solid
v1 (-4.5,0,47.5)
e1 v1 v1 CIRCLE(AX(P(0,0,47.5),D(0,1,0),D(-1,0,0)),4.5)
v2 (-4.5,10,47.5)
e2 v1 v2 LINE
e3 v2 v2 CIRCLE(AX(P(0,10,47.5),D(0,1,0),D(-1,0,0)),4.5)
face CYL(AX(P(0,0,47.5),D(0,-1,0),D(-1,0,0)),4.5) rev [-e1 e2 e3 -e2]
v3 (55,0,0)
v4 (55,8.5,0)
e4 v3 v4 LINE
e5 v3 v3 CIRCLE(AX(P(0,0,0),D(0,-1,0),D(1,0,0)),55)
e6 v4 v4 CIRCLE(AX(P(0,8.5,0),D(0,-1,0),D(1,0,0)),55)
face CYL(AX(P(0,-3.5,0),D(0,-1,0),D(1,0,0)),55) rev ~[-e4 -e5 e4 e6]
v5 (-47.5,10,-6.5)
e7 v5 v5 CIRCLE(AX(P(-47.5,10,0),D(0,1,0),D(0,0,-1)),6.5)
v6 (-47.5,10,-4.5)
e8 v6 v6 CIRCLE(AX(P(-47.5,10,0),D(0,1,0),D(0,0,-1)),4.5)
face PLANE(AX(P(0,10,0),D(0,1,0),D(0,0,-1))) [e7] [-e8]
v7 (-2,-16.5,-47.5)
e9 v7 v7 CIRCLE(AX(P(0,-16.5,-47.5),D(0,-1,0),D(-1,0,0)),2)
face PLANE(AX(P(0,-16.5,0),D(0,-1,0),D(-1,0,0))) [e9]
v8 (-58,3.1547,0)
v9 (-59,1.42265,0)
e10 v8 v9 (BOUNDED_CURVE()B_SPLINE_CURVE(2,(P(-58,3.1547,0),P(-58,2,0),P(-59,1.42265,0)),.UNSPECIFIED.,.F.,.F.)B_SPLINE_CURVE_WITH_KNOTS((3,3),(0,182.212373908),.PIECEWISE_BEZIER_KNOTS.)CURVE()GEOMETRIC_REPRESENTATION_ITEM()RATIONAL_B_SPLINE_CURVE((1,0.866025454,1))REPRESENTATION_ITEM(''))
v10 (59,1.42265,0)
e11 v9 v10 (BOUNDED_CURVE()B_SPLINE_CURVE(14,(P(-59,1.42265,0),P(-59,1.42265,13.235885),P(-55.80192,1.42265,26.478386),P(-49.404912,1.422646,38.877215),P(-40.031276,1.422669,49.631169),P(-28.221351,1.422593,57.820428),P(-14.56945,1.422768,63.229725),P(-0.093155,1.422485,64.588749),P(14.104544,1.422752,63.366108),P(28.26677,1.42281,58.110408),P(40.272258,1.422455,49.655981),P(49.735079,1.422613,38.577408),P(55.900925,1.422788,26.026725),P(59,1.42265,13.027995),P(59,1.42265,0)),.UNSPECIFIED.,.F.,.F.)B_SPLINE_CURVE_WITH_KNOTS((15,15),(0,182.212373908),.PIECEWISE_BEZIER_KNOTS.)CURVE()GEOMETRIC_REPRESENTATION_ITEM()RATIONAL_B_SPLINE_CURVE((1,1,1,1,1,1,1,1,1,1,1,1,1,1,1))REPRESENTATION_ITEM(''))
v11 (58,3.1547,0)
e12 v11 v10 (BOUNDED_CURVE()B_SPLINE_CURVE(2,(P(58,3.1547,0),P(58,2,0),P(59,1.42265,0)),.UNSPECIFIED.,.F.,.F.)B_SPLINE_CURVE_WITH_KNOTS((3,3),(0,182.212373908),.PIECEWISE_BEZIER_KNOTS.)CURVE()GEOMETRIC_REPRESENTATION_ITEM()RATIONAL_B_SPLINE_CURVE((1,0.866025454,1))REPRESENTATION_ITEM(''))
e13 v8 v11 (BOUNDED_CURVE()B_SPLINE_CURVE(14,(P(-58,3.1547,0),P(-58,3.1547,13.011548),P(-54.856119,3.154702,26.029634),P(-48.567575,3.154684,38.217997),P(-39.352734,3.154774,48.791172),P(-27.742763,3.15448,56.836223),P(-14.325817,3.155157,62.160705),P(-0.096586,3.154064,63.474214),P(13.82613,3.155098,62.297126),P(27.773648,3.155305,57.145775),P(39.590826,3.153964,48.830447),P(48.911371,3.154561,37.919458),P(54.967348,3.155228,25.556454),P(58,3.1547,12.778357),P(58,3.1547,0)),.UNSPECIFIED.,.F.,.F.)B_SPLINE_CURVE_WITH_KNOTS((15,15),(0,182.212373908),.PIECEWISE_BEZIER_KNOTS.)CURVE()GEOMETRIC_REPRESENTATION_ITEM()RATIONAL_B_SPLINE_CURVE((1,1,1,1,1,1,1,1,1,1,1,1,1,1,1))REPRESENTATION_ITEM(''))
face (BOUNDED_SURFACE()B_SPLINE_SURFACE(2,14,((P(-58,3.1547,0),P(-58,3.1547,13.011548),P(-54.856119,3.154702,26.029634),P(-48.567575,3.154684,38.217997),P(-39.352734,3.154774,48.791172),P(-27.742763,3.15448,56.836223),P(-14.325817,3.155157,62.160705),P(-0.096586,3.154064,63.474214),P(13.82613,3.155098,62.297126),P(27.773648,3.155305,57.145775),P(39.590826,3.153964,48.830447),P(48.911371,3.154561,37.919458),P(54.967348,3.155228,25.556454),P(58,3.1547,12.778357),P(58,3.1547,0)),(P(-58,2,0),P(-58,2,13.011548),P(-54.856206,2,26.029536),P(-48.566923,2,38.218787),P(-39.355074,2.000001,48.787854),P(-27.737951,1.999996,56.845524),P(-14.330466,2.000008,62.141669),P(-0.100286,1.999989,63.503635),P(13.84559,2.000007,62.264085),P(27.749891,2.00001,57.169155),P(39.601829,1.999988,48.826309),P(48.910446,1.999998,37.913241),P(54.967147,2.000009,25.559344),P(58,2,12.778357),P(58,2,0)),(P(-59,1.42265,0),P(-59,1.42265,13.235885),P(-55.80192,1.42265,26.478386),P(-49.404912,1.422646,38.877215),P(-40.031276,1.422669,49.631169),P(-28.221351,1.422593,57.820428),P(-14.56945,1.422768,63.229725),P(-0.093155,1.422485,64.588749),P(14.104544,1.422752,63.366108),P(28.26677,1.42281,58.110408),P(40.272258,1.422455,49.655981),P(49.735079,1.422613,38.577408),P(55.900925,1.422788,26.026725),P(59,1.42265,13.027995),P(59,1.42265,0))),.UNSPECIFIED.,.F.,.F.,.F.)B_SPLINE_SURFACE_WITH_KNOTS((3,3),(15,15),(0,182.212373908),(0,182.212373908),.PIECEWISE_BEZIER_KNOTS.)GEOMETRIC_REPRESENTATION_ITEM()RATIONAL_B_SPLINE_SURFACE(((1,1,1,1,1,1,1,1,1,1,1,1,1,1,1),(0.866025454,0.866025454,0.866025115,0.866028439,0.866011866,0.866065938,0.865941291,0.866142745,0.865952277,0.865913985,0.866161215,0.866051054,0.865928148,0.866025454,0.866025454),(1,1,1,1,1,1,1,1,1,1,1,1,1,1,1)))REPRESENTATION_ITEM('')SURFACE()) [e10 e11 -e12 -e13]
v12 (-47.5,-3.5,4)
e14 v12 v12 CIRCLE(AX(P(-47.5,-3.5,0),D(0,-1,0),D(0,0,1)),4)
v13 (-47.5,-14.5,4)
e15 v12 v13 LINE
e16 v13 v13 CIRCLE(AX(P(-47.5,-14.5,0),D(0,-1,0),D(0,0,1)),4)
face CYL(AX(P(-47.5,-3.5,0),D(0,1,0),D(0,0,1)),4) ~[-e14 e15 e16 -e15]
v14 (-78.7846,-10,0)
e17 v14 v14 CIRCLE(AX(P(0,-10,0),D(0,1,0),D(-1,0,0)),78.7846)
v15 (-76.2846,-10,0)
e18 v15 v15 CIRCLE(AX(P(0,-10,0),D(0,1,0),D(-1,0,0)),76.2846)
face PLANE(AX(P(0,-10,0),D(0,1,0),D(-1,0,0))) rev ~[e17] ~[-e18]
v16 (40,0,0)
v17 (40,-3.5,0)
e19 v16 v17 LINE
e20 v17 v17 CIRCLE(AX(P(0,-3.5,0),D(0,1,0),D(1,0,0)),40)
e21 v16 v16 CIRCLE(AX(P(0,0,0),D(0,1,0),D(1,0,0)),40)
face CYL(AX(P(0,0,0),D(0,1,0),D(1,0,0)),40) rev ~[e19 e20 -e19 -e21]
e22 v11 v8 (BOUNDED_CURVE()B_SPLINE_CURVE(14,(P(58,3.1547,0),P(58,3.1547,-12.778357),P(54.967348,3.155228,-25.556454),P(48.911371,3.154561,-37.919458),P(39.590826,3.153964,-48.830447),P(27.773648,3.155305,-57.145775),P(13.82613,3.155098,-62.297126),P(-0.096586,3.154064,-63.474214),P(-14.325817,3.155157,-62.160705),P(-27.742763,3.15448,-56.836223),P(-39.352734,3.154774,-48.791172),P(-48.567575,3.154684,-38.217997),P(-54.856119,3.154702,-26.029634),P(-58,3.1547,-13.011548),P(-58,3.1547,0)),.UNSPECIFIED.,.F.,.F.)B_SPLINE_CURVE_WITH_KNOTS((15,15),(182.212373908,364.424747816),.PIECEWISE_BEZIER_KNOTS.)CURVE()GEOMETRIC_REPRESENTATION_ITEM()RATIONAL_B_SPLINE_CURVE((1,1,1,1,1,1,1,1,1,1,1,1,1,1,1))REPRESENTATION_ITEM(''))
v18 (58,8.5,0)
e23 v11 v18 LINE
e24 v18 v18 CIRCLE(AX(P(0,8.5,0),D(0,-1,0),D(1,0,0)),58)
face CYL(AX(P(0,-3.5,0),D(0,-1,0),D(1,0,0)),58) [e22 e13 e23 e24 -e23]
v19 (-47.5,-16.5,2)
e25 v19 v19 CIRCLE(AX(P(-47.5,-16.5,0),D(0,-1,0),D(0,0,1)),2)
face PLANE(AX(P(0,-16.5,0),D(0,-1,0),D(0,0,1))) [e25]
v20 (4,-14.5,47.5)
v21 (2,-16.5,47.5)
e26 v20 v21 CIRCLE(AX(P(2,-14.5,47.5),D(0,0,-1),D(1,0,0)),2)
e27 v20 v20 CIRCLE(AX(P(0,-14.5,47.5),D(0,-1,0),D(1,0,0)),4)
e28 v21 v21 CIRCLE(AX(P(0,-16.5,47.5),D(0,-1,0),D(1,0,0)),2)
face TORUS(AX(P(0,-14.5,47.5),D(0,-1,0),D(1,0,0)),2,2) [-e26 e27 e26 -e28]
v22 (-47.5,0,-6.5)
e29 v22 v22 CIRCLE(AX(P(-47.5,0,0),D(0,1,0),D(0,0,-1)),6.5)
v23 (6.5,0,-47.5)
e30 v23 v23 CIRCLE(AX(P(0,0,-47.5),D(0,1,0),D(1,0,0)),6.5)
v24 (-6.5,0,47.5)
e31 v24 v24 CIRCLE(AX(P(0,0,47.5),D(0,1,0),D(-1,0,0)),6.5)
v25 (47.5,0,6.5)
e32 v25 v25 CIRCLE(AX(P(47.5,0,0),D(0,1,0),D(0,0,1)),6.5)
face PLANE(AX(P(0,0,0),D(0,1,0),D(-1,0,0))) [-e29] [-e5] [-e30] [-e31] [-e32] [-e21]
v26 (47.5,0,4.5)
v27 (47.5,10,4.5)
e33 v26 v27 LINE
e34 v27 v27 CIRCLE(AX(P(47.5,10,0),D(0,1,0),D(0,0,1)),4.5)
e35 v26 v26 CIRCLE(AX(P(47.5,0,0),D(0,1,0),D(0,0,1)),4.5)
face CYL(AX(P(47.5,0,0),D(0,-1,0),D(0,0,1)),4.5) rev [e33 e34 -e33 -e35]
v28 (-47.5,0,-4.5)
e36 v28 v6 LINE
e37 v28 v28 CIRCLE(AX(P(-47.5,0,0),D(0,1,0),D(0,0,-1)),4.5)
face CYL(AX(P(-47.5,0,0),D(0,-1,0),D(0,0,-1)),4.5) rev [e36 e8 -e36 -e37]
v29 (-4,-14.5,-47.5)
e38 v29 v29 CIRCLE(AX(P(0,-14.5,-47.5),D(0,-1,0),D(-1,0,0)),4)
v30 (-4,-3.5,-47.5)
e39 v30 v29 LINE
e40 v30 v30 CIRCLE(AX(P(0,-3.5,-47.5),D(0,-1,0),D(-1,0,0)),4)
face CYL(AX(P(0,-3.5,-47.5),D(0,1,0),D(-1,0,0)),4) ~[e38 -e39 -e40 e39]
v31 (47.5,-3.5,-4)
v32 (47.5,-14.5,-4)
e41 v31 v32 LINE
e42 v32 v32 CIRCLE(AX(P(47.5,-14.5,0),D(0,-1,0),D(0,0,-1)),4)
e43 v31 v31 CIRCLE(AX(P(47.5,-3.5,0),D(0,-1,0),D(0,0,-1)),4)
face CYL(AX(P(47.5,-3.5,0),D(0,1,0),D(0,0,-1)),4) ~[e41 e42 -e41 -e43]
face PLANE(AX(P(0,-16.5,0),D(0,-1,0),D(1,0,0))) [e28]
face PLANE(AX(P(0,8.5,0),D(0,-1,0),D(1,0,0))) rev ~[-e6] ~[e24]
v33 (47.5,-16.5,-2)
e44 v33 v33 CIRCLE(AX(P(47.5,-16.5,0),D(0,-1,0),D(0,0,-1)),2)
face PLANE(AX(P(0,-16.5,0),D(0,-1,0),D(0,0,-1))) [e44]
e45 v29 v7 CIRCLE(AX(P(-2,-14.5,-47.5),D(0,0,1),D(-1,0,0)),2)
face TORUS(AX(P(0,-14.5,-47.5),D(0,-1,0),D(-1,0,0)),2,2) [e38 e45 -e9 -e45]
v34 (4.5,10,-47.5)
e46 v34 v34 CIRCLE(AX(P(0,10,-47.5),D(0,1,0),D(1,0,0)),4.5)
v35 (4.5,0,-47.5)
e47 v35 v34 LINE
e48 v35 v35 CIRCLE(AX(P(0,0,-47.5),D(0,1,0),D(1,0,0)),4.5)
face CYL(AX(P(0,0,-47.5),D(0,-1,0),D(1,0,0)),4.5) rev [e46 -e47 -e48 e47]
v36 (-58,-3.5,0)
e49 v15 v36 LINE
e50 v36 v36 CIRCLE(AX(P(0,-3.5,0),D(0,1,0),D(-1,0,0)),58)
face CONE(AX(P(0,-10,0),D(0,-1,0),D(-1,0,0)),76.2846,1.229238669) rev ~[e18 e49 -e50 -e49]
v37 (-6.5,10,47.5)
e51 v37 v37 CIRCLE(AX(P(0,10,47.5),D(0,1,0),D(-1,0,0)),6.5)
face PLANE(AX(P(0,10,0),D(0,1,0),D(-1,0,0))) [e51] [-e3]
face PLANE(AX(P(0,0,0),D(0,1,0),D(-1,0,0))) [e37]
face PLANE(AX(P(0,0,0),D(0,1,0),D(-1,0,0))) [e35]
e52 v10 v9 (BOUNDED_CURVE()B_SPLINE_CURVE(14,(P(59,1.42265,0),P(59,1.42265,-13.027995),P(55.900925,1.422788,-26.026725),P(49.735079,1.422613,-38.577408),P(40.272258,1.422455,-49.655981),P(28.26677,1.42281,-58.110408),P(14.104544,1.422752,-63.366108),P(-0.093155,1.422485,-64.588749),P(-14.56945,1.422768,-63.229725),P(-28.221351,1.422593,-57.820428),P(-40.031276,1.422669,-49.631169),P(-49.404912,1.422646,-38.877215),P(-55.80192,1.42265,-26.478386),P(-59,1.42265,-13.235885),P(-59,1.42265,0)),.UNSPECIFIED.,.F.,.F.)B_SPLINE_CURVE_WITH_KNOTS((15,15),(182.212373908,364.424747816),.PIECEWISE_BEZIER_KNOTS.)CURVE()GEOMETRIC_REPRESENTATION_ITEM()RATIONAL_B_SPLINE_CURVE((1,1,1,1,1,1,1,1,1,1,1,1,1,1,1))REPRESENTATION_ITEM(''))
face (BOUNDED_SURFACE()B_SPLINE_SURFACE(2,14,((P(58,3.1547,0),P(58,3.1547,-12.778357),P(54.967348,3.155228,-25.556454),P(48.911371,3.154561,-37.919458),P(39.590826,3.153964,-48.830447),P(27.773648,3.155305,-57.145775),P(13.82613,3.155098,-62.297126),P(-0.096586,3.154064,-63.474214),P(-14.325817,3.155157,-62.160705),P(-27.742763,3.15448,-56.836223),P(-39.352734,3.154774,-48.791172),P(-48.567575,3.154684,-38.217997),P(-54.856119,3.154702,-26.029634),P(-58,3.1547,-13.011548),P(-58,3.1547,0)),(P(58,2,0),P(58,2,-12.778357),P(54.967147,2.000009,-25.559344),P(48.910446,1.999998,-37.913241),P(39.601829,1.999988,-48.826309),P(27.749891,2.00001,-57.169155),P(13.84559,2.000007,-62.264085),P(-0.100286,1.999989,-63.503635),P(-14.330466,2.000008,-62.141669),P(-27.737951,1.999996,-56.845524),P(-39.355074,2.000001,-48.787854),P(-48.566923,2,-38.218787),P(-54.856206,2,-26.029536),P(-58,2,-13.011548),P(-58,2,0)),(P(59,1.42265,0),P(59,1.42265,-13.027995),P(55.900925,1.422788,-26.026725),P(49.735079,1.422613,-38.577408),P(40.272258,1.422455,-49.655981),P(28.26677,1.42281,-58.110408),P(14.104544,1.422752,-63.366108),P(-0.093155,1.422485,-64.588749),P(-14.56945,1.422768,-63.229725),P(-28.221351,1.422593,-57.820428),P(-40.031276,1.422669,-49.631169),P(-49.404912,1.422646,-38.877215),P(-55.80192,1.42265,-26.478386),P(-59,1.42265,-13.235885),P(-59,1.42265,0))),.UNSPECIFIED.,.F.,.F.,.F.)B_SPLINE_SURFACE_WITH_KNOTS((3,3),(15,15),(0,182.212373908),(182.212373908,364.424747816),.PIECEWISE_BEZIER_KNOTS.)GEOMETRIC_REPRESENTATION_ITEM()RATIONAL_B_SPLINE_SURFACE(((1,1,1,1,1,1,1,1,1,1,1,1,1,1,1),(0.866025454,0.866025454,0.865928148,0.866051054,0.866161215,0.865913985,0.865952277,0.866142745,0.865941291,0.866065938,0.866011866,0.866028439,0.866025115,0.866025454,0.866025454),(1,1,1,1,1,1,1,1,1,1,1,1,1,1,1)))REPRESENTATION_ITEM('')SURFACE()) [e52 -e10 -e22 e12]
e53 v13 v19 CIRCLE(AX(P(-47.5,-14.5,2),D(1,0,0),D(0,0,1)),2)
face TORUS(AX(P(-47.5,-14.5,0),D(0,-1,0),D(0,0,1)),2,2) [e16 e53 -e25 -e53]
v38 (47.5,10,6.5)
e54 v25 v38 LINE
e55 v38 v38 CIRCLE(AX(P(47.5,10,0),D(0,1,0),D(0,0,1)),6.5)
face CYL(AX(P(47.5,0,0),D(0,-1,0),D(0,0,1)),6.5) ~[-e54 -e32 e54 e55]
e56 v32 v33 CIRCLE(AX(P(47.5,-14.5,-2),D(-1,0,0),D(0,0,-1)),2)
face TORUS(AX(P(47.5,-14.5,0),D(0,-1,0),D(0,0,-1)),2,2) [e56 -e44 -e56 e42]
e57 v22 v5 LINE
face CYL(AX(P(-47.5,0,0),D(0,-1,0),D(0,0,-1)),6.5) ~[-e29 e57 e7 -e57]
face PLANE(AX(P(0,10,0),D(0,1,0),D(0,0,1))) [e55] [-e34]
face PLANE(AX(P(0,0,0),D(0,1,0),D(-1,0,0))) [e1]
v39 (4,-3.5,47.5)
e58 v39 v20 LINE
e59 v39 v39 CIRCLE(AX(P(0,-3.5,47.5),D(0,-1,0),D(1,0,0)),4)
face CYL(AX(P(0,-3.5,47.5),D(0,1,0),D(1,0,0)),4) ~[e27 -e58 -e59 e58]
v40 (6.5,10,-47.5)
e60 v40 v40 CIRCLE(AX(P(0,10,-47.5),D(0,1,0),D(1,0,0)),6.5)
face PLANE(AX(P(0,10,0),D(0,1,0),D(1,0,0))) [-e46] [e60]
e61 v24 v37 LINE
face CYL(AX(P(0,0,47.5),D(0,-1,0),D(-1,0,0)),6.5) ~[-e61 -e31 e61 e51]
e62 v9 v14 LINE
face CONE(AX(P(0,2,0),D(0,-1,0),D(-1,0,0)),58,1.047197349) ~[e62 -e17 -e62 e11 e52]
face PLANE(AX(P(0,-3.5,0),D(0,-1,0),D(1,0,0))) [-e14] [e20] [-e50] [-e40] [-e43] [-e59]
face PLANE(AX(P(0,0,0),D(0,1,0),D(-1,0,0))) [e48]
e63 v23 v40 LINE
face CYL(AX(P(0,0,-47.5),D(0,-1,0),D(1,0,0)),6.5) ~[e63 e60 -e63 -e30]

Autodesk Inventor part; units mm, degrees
ref_plane "YZ Plane" through (0, 0, 0) normal (1, 0, 0) x (0, 1, 0)
ref_plane "XZ Plane" through (0, 0, 0) normal (0, 1, 0) x (-1, 0, 0)
ref_plane "XY Plane" through (0, 0, 0) normal (0, 0, 1) x (1, 0, 0)
sketch "Sketch1" plane through (0, 0, 0) normal (0, 1, 0) x (-1, 0, 0)
  circle A0 centre (0, 0) radius 55
  dimension "d4" = 110
sketch "Sketch2" plane through (0, 0, 0) normal (0, 1, 0) x (-1, 0, 0)
  circle A0 centre (0, 0) radius 40 construction
  circle A1 centre (0, 0) radius 47.5 construction
  circle A2 centre (0, 47.5) radius 4.5
  circle A3 centre (0, 47.5) radius 6.5
  dimension "d11" = 95
  dimension "d10" = 80
  dimension "d12" = 9
  dimension "d13" = 13
extrude "Extrusion1" add sketch "Sketch1" against normal blind 3.5
extrude "Extrusion2" add sketch "Sketch2" along normal blind 10
pattern_circular "Circular Pattern1" count 4 over 360 about axis through (0, -10, 0) along (0, 1, 0) of "Extrusion2"
sketch "Sketch3" plane through (0, -3.5, 0) normal (0, -1, 0) x (1, 0, 0)
  circle A0 centre (0, 0) radius 55
  circle A1 centre (0, 0) radius 55 projected
  circle A2 centre (0, 0) radius 58
  dimension "d21" = 116
extrude "Extrusion3" add sketch "Sketch3" against normal blind 12
sketch "Sketch4" plane through (0, 0, 0) normal (0, 1, 0) x (1, 0, 0)
  circle A0 centre (0, 0) radius 40
  dimension "d24" = 80
extrude "Extrusion4" cut sketch "Sketch4" against normal blind 30
sketch "Sketch5" plane through (0, 0, 0) normal (0, 0, 1) x (1, 0, 0)
  line L0 (58, -3.5) -> (-58, -3.5) projected
  line L1 (-58, 2) -> (-78.7846, -10)
  line L2 (-76.2846, -10) -> (-58, -3.5)
  line L3 (-58, -3.5) -> (-58, 2)
  line L4 (-105.5118, 0) -> (85.252, 0) projected
  line L5 (-78.7846, -10) -> (-76.2846, -10)
  line L6 (0, -22.2) -> (0, 3.7) projected
  point P0 (0, 0)
  dimension "d29" = 30
  dimension "d30" = 12
  dimension "d32" = 2.5
  dimension "d33" = 5.5
  dimension "d42" = 20.7846
revolve "Revolution1" add sketch "Sketch5" angle 360 about axis through (0, -10, 0) along (0, 1, 0) contours L2 L5 L1 L4 L3 | L4 L1 L3
sketch "Sketch6" plane through (0, -3.5, 0) normal (0, -1, 0) x (1, 0, 0)
  circle A0 centre (0, 0) radius 47.5 construction
  circle A1 centre (0, 47.5) radius 6.5 projected
  circle A2 centre (0, 47.5) radius 4
  dimension "d35" = 95
  dimension "d36" = 8
extrude "Extrusion5" add sketch "Sketch6" along normal blind 13 contours A2
pattern_circular "Circular Pattern2" count 4 over 360 about axis through (0, 0, 0) along (0, -1, 0) of "Extrusion5"
fillet "Fillet1" radius 2 6 edges at (0, 2, 58) (0, 2, -58) (4, -16.5, -47.5) (47.5, -16.5, 4) (-47.5, -16.5, -4) (-4, -16.5, 47.5)
properties part number "PlatoHumedadDireccion"
